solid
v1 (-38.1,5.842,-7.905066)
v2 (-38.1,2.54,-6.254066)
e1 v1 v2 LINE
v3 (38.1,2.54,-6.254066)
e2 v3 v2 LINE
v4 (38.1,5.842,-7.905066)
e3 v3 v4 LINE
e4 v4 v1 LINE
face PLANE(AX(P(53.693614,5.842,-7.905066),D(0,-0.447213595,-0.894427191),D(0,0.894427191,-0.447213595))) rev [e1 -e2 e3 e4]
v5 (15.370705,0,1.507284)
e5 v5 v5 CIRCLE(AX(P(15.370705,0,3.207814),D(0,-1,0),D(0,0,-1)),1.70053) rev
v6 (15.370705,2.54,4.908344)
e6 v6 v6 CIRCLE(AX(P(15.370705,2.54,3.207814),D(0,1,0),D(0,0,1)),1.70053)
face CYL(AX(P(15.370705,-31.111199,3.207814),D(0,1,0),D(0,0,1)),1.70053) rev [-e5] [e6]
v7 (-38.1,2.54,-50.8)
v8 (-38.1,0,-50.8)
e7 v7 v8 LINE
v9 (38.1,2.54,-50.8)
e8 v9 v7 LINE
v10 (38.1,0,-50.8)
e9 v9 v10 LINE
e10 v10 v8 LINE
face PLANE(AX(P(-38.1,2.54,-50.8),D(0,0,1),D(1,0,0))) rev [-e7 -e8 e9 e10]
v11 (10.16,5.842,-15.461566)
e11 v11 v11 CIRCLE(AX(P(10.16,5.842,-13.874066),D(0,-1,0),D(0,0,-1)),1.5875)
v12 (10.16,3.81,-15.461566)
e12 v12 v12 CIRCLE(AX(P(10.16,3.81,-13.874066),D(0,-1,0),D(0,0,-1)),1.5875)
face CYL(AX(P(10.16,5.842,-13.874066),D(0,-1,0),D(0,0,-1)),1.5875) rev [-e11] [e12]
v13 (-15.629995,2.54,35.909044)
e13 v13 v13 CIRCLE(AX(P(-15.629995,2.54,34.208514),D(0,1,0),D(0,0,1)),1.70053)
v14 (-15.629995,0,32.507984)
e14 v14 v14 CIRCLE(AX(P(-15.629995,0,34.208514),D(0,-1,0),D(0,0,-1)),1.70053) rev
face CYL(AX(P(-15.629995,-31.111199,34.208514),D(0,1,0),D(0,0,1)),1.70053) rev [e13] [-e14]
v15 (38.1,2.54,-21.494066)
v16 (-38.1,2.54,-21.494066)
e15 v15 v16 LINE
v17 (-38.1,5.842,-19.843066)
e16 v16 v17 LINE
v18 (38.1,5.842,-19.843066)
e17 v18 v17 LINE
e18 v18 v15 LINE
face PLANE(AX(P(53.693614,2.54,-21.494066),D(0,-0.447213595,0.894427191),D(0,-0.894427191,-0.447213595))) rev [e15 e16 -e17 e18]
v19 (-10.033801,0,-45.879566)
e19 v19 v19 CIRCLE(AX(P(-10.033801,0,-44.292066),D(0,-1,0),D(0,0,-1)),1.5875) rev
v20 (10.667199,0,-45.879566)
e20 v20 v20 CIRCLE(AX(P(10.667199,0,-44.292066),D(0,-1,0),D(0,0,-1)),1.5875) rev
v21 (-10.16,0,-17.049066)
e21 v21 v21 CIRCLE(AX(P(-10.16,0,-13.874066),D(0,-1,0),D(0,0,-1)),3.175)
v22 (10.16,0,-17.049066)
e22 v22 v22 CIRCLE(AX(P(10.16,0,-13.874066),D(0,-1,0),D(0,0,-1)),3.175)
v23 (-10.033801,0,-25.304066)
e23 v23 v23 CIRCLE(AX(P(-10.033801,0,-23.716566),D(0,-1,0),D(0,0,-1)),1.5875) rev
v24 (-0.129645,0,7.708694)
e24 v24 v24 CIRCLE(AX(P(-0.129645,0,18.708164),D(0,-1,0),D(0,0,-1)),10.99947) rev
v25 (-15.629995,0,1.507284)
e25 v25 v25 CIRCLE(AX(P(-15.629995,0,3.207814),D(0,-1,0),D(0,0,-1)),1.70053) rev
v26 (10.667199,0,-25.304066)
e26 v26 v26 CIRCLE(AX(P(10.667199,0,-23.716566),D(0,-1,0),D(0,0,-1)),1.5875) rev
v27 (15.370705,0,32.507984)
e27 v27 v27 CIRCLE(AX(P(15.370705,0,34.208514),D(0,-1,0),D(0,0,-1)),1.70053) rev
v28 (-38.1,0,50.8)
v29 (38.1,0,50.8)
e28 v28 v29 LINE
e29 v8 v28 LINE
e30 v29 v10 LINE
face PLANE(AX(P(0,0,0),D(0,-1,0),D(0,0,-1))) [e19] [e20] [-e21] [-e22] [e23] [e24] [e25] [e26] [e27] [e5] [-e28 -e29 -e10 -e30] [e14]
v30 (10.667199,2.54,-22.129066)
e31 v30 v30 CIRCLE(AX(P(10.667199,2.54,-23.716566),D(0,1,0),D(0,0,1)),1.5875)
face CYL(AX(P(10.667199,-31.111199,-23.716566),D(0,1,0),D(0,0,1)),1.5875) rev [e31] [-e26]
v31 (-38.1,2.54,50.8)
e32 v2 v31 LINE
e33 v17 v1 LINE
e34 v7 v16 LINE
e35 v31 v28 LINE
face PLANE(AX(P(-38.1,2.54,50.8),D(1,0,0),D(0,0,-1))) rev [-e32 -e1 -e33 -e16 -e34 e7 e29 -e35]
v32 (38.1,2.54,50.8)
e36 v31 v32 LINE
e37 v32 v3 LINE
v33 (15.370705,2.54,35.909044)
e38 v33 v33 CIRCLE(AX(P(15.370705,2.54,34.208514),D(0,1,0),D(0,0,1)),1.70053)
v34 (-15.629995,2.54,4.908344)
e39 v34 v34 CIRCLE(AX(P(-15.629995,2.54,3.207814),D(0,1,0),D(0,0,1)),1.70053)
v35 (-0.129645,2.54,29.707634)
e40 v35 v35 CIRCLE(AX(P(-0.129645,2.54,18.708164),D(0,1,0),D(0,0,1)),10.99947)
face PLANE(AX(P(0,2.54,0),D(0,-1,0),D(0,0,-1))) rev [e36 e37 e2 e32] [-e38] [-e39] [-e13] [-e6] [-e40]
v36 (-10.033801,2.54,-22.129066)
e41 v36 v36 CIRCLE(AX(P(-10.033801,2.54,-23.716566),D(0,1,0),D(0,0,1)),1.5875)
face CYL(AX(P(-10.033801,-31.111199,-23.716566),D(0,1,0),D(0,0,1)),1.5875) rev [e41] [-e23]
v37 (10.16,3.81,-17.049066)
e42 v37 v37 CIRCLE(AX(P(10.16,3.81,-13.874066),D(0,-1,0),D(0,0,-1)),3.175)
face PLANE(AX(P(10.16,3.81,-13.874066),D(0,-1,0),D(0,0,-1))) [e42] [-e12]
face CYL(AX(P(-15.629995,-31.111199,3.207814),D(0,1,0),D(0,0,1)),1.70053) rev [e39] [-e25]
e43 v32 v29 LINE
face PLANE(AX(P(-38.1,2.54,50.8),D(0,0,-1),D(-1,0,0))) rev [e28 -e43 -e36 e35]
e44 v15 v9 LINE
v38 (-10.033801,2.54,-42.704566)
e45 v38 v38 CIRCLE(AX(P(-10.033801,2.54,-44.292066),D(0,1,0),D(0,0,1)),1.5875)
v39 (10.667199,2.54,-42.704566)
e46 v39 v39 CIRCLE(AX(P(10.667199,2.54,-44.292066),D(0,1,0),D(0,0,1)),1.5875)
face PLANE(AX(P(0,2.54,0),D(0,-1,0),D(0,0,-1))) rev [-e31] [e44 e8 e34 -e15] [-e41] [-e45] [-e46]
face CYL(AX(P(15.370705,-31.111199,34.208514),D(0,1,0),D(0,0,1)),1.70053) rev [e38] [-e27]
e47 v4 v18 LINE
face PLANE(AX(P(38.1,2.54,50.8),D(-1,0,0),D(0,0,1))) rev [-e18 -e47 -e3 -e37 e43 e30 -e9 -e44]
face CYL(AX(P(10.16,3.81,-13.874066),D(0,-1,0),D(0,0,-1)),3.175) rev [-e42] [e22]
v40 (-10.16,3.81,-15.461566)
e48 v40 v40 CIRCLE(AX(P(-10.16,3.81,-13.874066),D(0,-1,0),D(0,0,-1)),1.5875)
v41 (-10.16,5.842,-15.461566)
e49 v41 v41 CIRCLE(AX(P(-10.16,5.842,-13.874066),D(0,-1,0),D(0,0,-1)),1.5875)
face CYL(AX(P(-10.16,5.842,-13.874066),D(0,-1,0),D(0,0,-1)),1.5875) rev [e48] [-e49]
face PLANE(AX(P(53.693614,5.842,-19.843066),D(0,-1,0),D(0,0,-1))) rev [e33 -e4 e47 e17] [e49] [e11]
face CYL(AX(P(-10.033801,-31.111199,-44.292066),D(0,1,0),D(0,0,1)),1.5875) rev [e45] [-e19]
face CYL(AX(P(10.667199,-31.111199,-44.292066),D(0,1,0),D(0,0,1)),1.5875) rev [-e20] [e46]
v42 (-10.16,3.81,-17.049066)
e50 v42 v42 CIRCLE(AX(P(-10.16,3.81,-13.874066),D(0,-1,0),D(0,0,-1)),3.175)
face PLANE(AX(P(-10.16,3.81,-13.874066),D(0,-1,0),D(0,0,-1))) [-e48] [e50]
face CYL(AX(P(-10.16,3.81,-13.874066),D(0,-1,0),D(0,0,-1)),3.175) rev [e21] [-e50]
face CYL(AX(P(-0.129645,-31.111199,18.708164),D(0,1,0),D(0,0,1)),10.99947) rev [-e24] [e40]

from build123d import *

# Parameters (mm, degrees)
SKETCH1_W           = 76.2
SKETCH1_H           = 101.6
BOSS_EXTRUDE1_DEPTH = 2.54
SKETCH2_R           = 1.5875
SKETCH2_R_2         = 1.70053
SKETCH2_R_3         = 10.99947
CUT_EXTRUDE1_DEPTH  = 2.54
BOSS_EXTRUDE2_DEPTH = 76.2
SKETCH4_R           = 3.175
CUT_EXTRUDE2_DEPTH  = 3.81
SKETCH5_R           = 1.5875
CUT_EXTRUDE3_DEPTH  = 3.032


with BuildPart() as part:
    # Sketch1 → Boss-Extrude1 (new body)
    with BuildSketch(Plane(origin=(0, 0, 0), x_dir=(1, 0, 0), z_dir=(0, 1, 0))):
        Rectangle(SKETCH1_W, SKETCH1_H)
    extrude(amount=BOSS_EXTRUDE1_DEPTH)

    # Sketch2 → Cut-Extrude1 (cut)
    with BuildSketch(Plane(origin=(0, 2.54, 0), x_dir=(1, 0, 0), z_dir=(0, 1, 0))):
        with Locations((-10.033800765, 44.29206639)):
            Circle(SKETCH2_R)
        with Locations((10.667199235, 44.29206639)):
            Circle(SKETCH2_R)
        with Locations((10.667199235, 23.71656639)):
            Circle(SKETCH2_R)
        with Locations((-10.033800765, 23.71656639)):
            Circle(SKETCH2_R)
        with Locations((-15.629995159, -3.207813583)):
            Circle(SKETCH2_R_2)
        with Locations((15.370704841, -3.207813583)):
            Circle(SKETCH2_R_2)
        with Locations((15.370704841, -34.208513583)):
            Circle(SKETCH2_R_2)
        with Locations((-15.629995159, -34.208513583)):
            Circle(SKETCH2_R_2)
        with Locations((-0.129645159, -18.708163583)):
            Circle(SKETCH2_R_3)
    extrude(amount=-CUT_EXTRUDE1_DEPTH, mode=Mode.SUBTRACT)

    # Sketch3 → Boss-Extrude2 (add)
    with BuildSketch(Plane(origin=(-38.1, 0, -50.8), x_dir=(0, 0, -1), z_dir=(1, 0, 0))):
        Polygon((-44.54593361, 2.54), (-29.30593361, 2.54), (-30.95693361, 5.842), (-42.89493361, 5.842), align=None)
    extrude(amount=BOSS_EXTRUDE2_DEPTH)

    # Sketch4 → Cut-Extrude2 (cut)
    with BuildSketch(Plane.XZ):
        with Locations((-10.16, -13.87406639)):
            Circle(SKETCH4_R)
        with Locations((10.16, -13.87406639)):
            Circle(SKETCH4_R)
    extrude(amount=-CUT_EXTRUDE2_DEPTH, mode=Mode.SUBTRACT)

    # Sketch5 → Cut-Extrude3 (cut, through all)
    with BuildSketch(Plane.XZ.offset(-3.81)):
        with Locations((-10.16, -13.87406639)):
            Circle(SKETCH5_R)
        with Locations((10.16, -13.87406639)):
            Circle(SKETCH5_R)
    extrude(amount=-CUT_EXTRUDE3_DEPTH, mode=Mode.SUBTRACT)


solid = part.part
